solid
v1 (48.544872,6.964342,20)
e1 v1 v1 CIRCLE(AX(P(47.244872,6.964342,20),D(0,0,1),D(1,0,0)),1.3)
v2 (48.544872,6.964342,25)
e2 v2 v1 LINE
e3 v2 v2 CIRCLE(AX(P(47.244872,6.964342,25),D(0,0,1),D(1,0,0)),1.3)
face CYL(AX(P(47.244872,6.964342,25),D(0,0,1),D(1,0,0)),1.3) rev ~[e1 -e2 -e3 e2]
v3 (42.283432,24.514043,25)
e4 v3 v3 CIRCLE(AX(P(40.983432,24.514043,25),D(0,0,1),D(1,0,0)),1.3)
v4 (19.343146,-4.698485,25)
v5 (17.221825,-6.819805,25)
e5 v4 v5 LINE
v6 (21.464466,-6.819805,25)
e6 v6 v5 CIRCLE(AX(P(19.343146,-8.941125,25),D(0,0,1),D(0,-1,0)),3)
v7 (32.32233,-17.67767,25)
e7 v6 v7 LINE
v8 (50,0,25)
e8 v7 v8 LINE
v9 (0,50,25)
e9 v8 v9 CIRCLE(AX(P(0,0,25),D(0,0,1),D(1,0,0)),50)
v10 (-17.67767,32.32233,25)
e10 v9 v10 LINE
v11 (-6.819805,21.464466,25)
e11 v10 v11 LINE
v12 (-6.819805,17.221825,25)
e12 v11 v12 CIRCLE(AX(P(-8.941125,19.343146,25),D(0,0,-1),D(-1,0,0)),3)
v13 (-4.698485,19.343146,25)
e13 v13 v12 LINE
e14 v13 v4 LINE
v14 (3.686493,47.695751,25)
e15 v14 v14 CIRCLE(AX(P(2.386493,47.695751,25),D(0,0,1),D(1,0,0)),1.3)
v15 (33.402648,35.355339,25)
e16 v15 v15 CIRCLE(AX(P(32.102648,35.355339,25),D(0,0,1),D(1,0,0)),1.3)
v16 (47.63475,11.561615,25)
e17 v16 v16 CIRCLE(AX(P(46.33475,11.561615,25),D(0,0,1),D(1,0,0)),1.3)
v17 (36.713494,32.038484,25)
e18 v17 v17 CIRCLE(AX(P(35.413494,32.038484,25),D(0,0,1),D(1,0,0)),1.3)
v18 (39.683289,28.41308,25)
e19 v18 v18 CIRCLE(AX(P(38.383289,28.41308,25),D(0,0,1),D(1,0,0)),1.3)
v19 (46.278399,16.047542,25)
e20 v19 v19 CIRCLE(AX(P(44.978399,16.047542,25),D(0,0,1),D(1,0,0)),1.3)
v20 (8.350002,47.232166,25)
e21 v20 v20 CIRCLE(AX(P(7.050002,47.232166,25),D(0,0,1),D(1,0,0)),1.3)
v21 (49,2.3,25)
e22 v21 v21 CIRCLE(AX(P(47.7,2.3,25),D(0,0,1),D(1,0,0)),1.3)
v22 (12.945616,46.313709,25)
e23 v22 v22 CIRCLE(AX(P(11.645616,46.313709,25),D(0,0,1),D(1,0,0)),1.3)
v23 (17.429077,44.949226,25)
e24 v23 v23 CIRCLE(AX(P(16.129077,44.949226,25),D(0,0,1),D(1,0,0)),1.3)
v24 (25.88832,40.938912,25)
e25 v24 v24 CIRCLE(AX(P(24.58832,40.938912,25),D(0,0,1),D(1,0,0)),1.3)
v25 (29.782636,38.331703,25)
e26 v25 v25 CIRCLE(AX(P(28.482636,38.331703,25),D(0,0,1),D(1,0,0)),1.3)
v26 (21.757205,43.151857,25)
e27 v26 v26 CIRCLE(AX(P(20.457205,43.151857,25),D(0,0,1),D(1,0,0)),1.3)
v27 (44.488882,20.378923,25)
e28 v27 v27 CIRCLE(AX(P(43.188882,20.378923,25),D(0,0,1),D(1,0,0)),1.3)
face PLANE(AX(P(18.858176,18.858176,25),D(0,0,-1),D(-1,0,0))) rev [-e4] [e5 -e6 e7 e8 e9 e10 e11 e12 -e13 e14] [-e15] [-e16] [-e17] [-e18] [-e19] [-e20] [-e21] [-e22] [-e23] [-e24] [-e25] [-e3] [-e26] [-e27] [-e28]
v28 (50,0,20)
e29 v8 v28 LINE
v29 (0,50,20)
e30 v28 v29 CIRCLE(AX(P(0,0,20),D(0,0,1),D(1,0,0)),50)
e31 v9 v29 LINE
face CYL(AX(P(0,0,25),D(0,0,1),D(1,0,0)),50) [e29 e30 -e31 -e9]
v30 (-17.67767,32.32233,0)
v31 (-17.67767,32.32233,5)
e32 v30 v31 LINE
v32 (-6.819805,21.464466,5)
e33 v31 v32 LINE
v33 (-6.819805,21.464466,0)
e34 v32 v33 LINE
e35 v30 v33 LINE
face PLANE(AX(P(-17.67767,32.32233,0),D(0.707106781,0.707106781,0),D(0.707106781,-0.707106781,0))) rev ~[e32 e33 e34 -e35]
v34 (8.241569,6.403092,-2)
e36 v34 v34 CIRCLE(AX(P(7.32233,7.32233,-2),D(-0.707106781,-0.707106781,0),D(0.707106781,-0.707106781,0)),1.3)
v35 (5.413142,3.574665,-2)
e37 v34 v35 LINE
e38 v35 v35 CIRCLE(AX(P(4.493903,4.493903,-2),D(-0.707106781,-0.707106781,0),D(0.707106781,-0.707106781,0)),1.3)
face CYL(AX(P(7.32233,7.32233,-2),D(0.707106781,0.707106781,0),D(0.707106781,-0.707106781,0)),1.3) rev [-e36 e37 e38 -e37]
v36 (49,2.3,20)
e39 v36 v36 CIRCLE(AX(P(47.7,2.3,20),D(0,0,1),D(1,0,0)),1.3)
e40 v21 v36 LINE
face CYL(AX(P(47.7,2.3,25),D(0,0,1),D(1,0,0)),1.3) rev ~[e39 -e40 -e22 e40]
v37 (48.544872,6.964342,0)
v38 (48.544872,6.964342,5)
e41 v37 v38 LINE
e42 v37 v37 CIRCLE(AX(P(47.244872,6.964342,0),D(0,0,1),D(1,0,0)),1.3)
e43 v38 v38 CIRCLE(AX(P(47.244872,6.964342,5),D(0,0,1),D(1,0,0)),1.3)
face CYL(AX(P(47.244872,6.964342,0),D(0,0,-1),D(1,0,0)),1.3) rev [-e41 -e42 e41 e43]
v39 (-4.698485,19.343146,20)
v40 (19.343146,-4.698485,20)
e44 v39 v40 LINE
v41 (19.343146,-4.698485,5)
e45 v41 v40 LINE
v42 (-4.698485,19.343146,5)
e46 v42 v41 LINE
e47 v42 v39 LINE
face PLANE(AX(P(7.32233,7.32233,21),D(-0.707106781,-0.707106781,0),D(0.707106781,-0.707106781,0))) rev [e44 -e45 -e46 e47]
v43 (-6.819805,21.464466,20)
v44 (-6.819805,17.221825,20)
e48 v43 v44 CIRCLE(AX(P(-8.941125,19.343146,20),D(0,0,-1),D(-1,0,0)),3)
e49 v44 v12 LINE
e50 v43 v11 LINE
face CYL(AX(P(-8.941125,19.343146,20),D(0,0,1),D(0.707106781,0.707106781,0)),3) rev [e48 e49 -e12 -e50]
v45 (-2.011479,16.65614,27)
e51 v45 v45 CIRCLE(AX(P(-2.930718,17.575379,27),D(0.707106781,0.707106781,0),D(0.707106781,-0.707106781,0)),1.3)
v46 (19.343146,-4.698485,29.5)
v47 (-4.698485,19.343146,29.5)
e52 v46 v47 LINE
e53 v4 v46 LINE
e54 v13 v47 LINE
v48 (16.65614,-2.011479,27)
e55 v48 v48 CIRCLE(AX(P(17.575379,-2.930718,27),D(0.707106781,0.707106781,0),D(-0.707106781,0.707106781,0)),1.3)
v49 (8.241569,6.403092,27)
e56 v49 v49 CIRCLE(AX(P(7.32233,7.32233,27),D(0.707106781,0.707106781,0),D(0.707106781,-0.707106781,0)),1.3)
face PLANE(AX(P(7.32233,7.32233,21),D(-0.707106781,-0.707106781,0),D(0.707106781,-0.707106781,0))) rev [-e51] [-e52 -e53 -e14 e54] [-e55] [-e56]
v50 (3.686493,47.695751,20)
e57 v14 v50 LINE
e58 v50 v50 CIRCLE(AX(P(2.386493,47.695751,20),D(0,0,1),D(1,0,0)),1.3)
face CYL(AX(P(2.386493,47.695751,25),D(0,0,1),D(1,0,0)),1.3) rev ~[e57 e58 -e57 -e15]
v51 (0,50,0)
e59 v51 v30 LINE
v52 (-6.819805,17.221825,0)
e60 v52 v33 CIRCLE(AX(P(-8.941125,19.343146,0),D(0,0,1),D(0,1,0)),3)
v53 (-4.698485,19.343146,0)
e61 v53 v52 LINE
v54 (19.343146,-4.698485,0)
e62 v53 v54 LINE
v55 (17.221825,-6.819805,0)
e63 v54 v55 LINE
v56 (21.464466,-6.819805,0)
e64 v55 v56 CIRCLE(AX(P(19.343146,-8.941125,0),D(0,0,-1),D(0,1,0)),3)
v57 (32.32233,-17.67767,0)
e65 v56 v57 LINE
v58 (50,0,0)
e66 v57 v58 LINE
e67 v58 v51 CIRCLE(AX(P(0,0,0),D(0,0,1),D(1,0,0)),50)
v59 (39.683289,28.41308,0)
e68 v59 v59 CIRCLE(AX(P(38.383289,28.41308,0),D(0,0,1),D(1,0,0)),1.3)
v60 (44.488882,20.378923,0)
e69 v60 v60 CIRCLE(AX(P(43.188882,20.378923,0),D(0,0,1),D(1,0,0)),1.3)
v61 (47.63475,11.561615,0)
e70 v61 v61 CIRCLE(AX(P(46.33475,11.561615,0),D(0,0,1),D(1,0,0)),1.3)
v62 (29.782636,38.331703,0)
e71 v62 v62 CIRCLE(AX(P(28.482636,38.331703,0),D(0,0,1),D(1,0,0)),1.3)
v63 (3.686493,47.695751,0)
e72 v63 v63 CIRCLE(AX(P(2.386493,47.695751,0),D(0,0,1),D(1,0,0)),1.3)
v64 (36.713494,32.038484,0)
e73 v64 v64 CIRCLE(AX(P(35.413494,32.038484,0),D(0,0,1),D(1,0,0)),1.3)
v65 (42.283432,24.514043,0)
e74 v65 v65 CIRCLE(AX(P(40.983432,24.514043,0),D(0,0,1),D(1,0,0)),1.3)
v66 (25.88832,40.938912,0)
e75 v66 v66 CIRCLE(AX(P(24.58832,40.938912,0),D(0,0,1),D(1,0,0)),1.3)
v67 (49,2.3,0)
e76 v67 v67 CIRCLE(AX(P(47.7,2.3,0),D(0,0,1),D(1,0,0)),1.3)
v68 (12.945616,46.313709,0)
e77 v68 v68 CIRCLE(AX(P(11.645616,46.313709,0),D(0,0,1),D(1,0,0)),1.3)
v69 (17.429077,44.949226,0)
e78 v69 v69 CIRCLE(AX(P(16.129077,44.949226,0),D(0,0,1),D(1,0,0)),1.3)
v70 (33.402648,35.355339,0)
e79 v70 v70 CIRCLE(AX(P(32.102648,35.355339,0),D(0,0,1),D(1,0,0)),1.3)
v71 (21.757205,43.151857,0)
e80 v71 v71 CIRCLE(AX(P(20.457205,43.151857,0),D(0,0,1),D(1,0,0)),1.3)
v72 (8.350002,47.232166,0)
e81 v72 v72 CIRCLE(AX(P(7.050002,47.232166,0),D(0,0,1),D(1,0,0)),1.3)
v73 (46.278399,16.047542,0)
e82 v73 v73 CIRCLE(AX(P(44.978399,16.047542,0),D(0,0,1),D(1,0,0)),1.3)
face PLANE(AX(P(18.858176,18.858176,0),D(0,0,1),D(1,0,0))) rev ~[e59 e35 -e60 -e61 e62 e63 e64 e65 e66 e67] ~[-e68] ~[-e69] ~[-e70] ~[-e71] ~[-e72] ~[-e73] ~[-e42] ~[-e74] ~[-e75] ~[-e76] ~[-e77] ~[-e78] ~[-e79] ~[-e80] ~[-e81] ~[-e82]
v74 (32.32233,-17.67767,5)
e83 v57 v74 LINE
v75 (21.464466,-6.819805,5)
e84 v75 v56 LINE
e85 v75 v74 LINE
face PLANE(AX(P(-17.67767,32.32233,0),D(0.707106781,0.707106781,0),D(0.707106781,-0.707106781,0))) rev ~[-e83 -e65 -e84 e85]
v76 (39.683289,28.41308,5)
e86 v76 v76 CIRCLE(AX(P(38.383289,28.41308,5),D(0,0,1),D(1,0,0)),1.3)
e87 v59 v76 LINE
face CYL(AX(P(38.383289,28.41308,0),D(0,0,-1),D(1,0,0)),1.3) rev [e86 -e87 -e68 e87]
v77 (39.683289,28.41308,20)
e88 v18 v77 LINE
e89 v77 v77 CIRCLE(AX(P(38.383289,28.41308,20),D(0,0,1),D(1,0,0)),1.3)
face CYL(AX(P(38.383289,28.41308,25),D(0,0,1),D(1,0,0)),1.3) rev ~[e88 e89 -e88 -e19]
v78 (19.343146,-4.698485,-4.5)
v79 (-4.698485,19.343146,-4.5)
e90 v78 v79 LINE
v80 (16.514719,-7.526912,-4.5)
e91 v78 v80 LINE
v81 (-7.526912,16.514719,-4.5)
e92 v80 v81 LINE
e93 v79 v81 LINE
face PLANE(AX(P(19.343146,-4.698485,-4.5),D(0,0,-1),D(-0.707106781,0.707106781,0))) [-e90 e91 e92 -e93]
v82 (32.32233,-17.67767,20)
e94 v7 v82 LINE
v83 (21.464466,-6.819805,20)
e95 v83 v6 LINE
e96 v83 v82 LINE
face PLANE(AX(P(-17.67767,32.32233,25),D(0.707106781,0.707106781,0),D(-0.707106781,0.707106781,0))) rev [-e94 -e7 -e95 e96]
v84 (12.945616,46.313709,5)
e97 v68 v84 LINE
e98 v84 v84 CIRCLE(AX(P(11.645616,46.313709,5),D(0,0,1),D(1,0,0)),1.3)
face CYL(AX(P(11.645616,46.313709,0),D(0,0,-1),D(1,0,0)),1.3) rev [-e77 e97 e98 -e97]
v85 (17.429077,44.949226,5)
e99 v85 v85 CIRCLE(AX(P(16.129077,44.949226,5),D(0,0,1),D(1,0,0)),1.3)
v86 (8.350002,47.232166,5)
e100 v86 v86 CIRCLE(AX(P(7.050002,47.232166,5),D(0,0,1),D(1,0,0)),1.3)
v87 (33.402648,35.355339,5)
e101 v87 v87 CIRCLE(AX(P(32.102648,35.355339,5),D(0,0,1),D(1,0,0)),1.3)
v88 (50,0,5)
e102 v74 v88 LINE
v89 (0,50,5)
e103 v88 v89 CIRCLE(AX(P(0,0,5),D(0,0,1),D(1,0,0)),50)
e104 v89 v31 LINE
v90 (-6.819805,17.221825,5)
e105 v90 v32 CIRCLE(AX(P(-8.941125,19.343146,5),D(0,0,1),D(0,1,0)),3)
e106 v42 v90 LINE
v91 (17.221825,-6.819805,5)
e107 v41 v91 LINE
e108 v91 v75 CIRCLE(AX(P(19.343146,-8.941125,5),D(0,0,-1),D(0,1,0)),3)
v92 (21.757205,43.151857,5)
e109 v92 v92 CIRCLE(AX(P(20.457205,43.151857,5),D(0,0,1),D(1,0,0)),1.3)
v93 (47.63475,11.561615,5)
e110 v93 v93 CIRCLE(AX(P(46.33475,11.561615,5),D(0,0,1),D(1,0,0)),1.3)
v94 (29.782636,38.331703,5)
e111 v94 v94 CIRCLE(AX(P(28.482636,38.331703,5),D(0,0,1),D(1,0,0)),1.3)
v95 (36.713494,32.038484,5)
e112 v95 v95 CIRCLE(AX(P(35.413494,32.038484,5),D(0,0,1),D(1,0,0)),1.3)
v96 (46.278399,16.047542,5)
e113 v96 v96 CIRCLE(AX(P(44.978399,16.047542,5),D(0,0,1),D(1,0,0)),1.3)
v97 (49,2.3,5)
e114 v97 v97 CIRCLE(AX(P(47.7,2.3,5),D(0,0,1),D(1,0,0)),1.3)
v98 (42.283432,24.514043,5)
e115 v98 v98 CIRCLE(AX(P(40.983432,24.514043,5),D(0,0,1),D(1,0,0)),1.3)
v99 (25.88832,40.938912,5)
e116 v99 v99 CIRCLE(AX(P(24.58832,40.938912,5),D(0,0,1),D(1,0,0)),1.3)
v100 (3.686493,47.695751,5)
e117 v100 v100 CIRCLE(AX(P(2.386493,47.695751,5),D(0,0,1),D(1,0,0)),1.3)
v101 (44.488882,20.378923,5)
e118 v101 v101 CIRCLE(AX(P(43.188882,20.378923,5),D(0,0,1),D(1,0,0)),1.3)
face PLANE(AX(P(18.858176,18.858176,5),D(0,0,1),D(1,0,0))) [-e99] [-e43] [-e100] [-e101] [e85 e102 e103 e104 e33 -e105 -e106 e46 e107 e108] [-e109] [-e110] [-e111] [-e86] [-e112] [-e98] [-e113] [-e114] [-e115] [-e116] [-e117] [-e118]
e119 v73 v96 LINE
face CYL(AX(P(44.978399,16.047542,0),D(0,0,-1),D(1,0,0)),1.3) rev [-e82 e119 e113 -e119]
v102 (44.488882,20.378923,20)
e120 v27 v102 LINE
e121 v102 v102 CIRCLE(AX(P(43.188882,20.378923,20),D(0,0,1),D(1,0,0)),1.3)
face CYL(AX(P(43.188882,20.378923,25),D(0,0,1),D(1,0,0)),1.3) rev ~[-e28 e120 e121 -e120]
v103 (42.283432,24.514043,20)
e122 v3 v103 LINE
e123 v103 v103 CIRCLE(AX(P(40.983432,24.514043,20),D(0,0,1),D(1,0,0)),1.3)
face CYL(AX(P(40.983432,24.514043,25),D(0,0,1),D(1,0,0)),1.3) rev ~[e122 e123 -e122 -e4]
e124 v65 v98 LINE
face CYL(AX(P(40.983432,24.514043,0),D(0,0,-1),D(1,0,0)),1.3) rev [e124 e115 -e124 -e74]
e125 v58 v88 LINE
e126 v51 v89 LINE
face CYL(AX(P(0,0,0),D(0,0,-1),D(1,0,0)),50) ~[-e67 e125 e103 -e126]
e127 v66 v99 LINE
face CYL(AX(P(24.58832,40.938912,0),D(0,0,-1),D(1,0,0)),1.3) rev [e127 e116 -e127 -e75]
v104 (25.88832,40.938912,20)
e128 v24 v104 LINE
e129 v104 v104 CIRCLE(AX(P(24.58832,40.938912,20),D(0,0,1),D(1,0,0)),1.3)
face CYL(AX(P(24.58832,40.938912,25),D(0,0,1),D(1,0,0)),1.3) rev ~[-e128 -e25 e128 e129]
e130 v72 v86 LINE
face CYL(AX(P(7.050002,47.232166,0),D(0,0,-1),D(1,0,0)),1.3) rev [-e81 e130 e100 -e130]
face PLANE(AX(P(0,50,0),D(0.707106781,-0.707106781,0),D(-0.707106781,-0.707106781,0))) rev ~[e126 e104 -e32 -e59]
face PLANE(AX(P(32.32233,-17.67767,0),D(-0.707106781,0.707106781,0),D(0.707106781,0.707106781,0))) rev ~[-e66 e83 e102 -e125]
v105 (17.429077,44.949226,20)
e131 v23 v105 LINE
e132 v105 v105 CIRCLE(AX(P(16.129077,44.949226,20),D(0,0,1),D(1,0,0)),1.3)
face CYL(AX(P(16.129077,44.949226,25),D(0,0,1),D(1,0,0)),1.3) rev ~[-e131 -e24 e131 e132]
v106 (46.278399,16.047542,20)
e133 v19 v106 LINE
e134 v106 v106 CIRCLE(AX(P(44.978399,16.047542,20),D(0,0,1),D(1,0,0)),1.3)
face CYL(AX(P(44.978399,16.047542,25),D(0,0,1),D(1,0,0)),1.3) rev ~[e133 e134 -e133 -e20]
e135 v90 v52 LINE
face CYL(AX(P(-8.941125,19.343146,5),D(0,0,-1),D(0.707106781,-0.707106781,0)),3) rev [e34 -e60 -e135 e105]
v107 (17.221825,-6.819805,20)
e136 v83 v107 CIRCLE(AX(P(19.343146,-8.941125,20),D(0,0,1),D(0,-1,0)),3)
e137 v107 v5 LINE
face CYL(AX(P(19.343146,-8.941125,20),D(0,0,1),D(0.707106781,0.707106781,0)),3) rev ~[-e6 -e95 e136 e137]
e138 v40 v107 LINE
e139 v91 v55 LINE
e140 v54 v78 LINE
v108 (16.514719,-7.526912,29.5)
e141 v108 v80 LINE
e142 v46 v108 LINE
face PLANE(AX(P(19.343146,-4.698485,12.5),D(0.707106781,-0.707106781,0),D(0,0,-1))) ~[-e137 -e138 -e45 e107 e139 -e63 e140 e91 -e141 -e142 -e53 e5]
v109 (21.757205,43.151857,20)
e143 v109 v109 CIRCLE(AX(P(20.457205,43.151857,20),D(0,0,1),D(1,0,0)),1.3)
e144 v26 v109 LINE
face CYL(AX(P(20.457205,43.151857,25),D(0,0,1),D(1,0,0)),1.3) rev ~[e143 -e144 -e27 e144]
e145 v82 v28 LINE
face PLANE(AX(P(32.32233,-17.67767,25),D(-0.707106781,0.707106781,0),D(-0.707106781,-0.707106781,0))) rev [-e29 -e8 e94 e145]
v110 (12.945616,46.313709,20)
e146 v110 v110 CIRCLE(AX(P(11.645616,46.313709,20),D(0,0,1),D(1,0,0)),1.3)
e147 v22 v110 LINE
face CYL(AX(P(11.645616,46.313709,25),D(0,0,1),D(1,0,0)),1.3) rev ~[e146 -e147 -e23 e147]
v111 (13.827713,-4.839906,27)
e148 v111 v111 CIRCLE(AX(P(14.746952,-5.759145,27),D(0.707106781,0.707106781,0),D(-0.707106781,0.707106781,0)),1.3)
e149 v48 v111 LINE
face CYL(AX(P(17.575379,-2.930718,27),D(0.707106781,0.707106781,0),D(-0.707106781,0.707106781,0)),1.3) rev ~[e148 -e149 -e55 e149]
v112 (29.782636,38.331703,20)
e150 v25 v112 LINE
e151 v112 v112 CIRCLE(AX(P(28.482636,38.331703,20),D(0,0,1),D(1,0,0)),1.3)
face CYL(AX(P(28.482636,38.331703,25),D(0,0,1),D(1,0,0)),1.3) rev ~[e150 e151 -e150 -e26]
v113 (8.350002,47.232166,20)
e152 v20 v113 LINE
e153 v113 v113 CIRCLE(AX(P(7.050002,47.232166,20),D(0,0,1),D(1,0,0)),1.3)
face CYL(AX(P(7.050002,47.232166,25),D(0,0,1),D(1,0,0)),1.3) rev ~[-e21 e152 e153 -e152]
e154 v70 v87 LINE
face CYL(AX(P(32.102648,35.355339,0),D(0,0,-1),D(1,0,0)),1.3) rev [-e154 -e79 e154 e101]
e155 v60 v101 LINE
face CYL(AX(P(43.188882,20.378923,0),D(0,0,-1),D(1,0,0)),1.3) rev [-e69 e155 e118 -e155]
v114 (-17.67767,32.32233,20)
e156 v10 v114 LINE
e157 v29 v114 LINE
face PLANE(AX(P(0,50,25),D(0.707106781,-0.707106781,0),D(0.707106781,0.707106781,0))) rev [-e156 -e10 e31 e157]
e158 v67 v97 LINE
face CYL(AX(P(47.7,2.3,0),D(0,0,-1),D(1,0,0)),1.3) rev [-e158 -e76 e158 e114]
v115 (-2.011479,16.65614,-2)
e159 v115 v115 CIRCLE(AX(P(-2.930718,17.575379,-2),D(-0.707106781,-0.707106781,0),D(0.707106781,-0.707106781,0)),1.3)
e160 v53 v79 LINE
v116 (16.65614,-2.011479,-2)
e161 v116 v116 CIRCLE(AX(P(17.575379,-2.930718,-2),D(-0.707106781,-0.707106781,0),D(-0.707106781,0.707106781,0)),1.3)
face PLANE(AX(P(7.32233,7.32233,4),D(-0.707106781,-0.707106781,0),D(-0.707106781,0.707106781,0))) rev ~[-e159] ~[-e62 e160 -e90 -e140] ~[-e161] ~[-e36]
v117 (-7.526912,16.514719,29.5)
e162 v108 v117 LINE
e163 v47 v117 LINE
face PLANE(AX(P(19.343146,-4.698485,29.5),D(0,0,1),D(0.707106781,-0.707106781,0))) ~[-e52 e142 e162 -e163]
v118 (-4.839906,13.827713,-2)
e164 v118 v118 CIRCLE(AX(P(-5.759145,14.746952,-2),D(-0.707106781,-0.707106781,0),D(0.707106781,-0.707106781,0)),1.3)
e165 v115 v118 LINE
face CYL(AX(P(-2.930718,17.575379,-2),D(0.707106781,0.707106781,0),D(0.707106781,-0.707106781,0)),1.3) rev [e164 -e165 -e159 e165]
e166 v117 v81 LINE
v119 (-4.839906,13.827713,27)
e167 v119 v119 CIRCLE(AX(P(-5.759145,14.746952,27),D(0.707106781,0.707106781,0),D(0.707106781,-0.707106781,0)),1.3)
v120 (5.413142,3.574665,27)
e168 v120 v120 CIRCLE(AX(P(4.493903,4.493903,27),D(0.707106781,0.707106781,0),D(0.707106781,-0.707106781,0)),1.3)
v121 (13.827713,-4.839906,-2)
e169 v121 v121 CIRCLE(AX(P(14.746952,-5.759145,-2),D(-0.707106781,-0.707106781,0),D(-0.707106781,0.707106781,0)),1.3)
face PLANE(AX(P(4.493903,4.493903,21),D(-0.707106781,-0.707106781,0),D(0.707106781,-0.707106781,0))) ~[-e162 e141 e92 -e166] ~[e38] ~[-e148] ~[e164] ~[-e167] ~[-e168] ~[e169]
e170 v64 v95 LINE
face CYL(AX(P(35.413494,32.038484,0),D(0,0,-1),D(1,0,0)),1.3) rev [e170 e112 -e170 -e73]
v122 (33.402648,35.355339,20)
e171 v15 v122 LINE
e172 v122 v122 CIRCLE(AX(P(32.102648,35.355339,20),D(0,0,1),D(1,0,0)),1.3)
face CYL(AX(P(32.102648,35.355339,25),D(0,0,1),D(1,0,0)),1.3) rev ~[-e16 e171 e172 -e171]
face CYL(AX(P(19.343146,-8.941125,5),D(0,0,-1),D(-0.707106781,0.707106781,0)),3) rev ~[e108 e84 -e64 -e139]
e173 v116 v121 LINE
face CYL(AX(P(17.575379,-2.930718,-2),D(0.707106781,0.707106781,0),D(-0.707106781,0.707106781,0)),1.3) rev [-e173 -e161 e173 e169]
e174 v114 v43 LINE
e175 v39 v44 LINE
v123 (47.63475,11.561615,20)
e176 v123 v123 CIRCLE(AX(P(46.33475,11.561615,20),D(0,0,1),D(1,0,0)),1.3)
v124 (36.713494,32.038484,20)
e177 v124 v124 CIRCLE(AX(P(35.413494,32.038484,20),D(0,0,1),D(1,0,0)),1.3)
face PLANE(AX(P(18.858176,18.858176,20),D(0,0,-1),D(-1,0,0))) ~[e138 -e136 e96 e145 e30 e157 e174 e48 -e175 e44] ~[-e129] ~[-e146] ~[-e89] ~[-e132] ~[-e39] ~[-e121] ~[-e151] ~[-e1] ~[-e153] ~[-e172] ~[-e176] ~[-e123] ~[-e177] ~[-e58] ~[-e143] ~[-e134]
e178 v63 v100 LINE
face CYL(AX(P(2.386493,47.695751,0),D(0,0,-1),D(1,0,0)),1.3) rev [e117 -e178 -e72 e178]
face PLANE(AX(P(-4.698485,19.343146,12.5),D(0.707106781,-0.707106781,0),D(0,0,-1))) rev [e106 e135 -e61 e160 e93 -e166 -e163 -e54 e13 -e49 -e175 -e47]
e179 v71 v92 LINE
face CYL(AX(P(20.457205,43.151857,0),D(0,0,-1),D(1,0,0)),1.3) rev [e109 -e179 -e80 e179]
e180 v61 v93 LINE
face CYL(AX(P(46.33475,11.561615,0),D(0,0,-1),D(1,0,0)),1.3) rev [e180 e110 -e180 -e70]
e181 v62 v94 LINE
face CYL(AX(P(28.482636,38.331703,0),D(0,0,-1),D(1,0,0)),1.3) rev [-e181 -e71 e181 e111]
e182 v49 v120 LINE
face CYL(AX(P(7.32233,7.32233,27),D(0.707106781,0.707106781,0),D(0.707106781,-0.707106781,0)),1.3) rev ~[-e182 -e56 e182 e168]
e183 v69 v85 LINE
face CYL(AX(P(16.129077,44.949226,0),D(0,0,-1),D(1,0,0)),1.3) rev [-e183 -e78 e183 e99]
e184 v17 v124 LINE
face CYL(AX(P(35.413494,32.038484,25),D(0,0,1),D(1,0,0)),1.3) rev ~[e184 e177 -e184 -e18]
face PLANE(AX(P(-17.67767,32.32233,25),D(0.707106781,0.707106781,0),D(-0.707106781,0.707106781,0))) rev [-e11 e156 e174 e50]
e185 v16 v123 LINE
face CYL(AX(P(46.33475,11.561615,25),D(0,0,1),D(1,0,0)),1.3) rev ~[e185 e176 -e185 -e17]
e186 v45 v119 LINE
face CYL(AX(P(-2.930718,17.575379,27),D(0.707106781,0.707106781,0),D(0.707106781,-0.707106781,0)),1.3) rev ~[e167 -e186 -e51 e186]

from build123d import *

# Parameters (mm, degrees)
SKETCH1_R           = 1.3
BOSS_EXTRUDE1_DEPTH = 5
SKETCH3_W           = 34
SKETCH3_H           = 17
SKETCH3_R           = 1.3
BOSS_EXTRUDE2_DEPTH = 4
FILLET1_R           = 3
FILLET2_R           = 3


with BuildPart() as part:
    # Sketch1 → Boss-Extrude1 (new body)
    with BuildSketch(Plane.XY):
        with BuildLine():
            Line((0, 50), (-17.67766953, 32.32233047))
            Line((-17.67766953, 32.32233047), (32.32233047, -17.67766953))
            Line((32.32233047, -17.67766953), (50, 0))
            ThreePointArc((50, 0), (35.355339059, 35.355339059), (0, 50))
        make_face()
        with Locations((47.7, 2.3)):
            Circle(SKETCH1_R, mode=Mode.SUBTRACT)
        with Locations((2.386492722, 47.695750885)):
            Circle(SKETCH1_R, mode=Mode.SUBTRACT)
        with Locations((7.050002215, 47.232165616)):
            Circle(SKETCH1_R, mode=Mode.SUBTRACT)
        with Locations((11.645616333, 46.313708772)):
            Circle(SKETCH1_R, mode=Mode.SUBTRACT)
        with Locations((16.129076799, 44.949225595)):
            Circle(SKETCH1_R, mode=Mode.SUBTRACT)
        with Locations((20.457205439, 43.151856804)):
            Circle(SKETCH1_R, mode=Mode.SUBTRACT)
        with Locations((24.588320007, 40.938912043)):
            Circle(SKETCH1_R, mode=Mode.SUBTRACT)
        with Locations((28.482635612, 38.331703179)):
            Circle(SKETCH1_R, mode=Mode.SUBTRACT)
        with Locations((32.102647866, 35.355339059)):
            Circle(SKETCH1_R, mode=Mode.SUBTRACT)
        with Locations((35.413494072, 32.038483697)):
            Circle(SKETCH1_R, mode=Mode.SUBTRACT)
        with Locations((38.383288971, 28.413080223)):
            Circle(SKETCH1_R, mode=Mode.SUBTRACT)
        with Locations((40.983431815, 24.514043255)):
            Circle(SKETCH1_R, mode=Mode.SUBTRACT)
        with Locations((43.188881806, 20.378922649)):
            Circle(SKETCH1_R, mode=Mode.SUBTRACT)
        with Locations((44.978399257, 16.047541877)):
            Circle(SKETCH1_R, mode=Mode.SUBTRACT)
        with Locations((46.334750135, 11.561614505)):
            Circle(SKETCH1_R, mode=Mode.SUBTRACT)
        with Locations((47.24487204, 6.964342465)):
            Circle(SKETCH1_R, mode=Mode.SUBTRACT)
    boss_extrude1 = extrude(amount=BOSS_EXTRUDE1_DEPTH)

    # Sketch3 → Boss-Extrude2 (add)
    with BuildSketch(Plane(origin=(7.32233047, 7.32233047, 0), x_dir=(-0.7071067811865535, 0.7071067811865417, 0), z_dir=(-0.7071067811865417, -0.7071067811865535, 0))):
        with Locations((0, -4)):
            Rectangle(SKETCH3_W, SKETCH3_H)
        with Locations(Location((0, 2, 0), (0, 0, 180))):
            Circle(SKETCH3_R, mode=Mode.SUBTRACT)
        with Locations(Location((14.5, 2, 0), (0, 0, 180))):
            Circle(SKETCH3_R, mode=Mode.SUBTRACT)
        with Locations((-14.5, 2)):
            Circle(SKETCH3_R, mode=Mode.SUBTRACT)
    boss_extrude2 = extrude(amount=BOSS_EXTRUDE2_DEPTH)

    # Mirror1: Boss-Extrude2 across plane
    add(boss_extrude2.mirror(Plane.XY.offset(12.5)))

    # Mirror2: Boss-Extrude1 across plane
    add(boss_extrude1.mirror(Plane.XY.offset(12.5)))

    # Fillet1
    fillet1_edges = [part.edges().sort_by_distance(p)[0] for p in [
        (19.343145751, -4.69848481, 22.5),
    ]]
    fillet(fillet1_edges, radius=FILLET1_R)

    # Fillet2
    fillet2_edges = [part.edges().sort_by_distance(p)[0] for p in [
        (-4.69848481, 19.343145751, 22.5),
        (-4.69848481, 19.343145751, 2.5),
        (19.343145751, -4.69848481, 2.5),
    ]]
    fillet(fillet2_edges, radius=FILLET2_R)


solid = part.part
